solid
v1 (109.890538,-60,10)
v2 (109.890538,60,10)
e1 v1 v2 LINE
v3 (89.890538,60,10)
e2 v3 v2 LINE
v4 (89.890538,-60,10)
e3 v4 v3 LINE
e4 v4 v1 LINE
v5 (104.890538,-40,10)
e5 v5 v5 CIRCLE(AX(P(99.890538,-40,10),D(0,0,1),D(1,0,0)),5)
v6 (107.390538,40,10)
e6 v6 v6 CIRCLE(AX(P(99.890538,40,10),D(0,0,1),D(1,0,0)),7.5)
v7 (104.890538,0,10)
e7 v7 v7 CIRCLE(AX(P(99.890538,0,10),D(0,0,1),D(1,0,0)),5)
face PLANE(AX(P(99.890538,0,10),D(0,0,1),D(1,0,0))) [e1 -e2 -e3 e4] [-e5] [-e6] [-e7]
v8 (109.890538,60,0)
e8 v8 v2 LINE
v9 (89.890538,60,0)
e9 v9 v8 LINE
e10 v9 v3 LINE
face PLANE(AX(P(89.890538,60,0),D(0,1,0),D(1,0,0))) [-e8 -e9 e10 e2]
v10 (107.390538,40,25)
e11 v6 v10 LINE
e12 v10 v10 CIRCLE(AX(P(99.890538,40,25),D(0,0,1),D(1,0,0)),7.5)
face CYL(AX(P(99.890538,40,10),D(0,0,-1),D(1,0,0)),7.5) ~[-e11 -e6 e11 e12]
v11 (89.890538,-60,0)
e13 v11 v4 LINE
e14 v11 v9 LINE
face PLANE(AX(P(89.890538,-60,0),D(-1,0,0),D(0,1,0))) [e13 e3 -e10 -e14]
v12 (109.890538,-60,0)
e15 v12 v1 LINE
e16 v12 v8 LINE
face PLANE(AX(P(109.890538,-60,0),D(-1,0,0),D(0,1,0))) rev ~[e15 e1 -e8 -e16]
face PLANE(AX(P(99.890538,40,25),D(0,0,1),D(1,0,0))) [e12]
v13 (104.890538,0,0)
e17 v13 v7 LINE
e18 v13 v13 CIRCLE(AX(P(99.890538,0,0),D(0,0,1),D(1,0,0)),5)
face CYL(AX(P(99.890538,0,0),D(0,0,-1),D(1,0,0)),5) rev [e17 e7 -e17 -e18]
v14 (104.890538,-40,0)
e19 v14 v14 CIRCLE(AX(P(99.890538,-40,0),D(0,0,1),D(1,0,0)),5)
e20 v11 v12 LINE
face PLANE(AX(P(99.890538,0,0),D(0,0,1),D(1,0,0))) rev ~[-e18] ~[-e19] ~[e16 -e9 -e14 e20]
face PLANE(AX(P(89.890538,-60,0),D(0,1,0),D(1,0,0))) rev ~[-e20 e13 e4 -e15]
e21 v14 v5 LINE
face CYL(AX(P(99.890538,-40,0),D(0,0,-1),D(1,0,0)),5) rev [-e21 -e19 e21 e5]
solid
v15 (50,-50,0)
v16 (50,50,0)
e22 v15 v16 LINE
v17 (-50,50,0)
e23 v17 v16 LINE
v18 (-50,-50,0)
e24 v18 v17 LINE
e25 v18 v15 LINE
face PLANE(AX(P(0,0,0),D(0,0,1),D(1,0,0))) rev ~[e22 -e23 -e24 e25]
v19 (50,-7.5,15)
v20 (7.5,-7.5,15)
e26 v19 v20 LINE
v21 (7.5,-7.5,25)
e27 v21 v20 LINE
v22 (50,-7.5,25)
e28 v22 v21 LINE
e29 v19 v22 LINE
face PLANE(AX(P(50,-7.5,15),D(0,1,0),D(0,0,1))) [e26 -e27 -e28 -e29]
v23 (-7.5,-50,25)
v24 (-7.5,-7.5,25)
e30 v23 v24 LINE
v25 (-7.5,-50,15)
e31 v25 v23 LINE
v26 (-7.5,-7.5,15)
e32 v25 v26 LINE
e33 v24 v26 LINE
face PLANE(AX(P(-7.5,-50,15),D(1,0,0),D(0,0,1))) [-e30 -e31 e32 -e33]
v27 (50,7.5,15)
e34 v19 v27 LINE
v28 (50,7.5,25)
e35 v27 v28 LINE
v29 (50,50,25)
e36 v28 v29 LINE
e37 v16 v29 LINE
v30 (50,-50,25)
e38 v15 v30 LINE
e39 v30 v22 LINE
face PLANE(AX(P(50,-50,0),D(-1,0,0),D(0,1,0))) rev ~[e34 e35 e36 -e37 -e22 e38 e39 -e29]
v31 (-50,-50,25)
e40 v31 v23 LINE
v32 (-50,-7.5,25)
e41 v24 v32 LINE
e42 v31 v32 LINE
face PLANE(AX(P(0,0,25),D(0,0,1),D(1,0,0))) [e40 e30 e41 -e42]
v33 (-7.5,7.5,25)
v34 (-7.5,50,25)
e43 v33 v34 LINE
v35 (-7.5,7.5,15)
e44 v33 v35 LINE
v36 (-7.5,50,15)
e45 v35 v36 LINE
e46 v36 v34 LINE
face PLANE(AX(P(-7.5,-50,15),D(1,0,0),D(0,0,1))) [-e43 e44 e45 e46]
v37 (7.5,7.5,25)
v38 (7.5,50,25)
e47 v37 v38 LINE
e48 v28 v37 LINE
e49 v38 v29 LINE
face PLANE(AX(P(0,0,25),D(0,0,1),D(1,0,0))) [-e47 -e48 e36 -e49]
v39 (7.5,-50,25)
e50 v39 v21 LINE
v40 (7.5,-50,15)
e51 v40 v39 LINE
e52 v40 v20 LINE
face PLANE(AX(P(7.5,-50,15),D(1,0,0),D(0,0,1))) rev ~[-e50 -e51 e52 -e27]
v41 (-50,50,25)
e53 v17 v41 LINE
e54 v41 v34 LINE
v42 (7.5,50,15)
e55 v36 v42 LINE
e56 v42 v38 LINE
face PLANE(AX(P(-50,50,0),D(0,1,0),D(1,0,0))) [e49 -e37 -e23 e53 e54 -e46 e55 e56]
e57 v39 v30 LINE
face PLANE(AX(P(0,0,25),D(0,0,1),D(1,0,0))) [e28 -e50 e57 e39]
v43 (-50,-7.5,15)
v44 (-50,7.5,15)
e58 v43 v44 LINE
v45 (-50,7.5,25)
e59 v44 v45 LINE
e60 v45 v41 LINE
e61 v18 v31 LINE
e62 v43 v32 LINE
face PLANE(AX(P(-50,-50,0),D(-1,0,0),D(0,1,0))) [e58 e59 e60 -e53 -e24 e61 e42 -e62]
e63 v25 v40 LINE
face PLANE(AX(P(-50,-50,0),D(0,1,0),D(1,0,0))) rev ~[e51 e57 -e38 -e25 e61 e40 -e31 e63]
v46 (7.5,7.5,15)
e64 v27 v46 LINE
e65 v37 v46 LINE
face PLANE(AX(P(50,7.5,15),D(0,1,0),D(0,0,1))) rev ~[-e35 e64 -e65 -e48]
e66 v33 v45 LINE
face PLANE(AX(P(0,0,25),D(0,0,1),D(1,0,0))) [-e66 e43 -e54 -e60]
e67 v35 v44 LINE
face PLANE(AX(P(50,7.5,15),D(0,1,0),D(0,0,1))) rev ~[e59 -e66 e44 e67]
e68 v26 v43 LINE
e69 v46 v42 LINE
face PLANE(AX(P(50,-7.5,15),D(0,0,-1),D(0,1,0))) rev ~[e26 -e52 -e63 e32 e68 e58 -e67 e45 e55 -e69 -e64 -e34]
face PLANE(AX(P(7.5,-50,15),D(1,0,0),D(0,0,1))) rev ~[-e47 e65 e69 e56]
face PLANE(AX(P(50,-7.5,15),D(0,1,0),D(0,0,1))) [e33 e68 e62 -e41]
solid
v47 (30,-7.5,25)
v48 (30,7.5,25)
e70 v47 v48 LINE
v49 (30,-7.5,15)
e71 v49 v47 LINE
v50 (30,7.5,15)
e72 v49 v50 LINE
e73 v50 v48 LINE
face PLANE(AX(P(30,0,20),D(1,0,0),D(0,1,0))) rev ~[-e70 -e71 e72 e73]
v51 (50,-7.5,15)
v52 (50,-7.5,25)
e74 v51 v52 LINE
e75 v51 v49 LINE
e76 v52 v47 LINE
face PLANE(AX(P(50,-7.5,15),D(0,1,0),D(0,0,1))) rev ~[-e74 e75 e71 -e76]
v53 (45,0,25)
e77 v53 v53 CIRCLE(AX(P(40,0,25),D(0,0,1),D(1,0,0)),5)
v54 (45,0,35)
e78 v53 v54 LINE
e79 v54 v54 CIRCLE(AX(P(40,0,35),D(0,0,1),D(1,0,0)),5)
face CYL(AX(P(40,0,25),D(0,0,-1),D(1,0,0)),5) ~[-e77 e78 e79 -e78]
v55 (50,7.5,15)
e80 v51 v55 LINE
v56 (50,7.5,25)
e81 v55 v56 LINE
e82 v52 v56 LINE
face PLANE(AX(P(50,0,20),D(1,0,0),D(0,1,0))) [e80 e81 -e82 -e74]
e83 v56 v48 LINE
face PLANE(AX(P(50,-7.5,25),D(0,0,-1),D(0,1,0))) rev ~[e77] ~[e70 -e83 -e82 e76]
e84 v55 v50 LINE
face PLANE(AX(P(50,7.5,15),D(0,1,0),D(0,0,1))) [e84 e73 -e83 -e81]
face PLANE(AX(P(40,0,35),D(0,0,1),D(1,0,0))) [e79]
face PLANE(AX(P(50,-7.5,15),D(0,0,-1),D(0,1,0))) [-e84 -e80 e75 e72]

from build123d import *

# Parameters (mm, degrees)
F0_W      = 100
F0_H      = 100
F1_DEPTH  = 25
F2_W      = 15
F2_H      = 10
F3_DEPTH  = 100
F4_W      = 15
F4_H      = 10
F5_DEPTH  = 100
F6_DEPTH  = 20
F7_R      = 5
F8_DEPTH  = 10
F9_W      = 20
F9_H      = 120
F9_R      = 5
F10_DEPTH = 10
F11_R     = 7.5
F12_DEPTH = 15


with BuildPart() as f1:
    # F0 (on Top) → F1 (new body)
    with BuildSketch(Plane.XY):
        Rectangle(F0_W, F0_H)
    extrude(amount=F1_DEPTH)

    # F2 (on face) → F3 (cut, through all)
    with BuildSketch(Plane.YZ.offset(50)):
        with Locations((0, 20)):
            Rectangle(F2_W, F2_H)
    extrude(amount=-F3_DEPTH, mode=Mode.SUBTRACT)

    # F4 (on face) → F5 (cut, through all)
    with BuildSketch(Plane.XZ.offset(50)):
        with Locations((0, 20)):
            Rectangle(F4_W, F4_H)
    extrude(amount=-F5_DEPTH, mode=Mode.SUBTRACT)


with BuildPart() as f6:
    # F2 (on face) → F6 (new body)
    with BuildSketch(Plane.YZ.offset(50)):
        with Locations((0, 20)):
            Rectangle(F2_W, F2_H)
    extrude(amount=-F6_DEPTH)

    # F7 (on face) → F8 (join)
    with BuildSketch(Plane.XY.offset(25)):
        with Locations((40, 0)):
            Circle(F7_R)
    extrude(amount=F8_DEPTH)


with BuildPart() as f10:
    # F9 (on Top) → F10 (new body)
    with BuildSketch(Plane.XY):
        with Locations((99.890538, 0)):
            Rectangle(F9_W, F9_H)
        with Locations((99.890538, -40)):
            Circle(F9_R, mode=Mode.SUBTRACT)
        with Locations((99.890538, 0)):
            Circle(F9_R, mode=Mode.SUBTRACT)
    extrude(amount=F10_DEPTH)

    # F11 (on face) → F12 (join)
    with BuildSketch(Plane.XY.offset(10)):
        with Locations((99.890538, 40)):
            Circle(F11_R)
    extrude(amount=F12_DEPTH)


solid = Compound([f1.part, f6.part, f10.part])
